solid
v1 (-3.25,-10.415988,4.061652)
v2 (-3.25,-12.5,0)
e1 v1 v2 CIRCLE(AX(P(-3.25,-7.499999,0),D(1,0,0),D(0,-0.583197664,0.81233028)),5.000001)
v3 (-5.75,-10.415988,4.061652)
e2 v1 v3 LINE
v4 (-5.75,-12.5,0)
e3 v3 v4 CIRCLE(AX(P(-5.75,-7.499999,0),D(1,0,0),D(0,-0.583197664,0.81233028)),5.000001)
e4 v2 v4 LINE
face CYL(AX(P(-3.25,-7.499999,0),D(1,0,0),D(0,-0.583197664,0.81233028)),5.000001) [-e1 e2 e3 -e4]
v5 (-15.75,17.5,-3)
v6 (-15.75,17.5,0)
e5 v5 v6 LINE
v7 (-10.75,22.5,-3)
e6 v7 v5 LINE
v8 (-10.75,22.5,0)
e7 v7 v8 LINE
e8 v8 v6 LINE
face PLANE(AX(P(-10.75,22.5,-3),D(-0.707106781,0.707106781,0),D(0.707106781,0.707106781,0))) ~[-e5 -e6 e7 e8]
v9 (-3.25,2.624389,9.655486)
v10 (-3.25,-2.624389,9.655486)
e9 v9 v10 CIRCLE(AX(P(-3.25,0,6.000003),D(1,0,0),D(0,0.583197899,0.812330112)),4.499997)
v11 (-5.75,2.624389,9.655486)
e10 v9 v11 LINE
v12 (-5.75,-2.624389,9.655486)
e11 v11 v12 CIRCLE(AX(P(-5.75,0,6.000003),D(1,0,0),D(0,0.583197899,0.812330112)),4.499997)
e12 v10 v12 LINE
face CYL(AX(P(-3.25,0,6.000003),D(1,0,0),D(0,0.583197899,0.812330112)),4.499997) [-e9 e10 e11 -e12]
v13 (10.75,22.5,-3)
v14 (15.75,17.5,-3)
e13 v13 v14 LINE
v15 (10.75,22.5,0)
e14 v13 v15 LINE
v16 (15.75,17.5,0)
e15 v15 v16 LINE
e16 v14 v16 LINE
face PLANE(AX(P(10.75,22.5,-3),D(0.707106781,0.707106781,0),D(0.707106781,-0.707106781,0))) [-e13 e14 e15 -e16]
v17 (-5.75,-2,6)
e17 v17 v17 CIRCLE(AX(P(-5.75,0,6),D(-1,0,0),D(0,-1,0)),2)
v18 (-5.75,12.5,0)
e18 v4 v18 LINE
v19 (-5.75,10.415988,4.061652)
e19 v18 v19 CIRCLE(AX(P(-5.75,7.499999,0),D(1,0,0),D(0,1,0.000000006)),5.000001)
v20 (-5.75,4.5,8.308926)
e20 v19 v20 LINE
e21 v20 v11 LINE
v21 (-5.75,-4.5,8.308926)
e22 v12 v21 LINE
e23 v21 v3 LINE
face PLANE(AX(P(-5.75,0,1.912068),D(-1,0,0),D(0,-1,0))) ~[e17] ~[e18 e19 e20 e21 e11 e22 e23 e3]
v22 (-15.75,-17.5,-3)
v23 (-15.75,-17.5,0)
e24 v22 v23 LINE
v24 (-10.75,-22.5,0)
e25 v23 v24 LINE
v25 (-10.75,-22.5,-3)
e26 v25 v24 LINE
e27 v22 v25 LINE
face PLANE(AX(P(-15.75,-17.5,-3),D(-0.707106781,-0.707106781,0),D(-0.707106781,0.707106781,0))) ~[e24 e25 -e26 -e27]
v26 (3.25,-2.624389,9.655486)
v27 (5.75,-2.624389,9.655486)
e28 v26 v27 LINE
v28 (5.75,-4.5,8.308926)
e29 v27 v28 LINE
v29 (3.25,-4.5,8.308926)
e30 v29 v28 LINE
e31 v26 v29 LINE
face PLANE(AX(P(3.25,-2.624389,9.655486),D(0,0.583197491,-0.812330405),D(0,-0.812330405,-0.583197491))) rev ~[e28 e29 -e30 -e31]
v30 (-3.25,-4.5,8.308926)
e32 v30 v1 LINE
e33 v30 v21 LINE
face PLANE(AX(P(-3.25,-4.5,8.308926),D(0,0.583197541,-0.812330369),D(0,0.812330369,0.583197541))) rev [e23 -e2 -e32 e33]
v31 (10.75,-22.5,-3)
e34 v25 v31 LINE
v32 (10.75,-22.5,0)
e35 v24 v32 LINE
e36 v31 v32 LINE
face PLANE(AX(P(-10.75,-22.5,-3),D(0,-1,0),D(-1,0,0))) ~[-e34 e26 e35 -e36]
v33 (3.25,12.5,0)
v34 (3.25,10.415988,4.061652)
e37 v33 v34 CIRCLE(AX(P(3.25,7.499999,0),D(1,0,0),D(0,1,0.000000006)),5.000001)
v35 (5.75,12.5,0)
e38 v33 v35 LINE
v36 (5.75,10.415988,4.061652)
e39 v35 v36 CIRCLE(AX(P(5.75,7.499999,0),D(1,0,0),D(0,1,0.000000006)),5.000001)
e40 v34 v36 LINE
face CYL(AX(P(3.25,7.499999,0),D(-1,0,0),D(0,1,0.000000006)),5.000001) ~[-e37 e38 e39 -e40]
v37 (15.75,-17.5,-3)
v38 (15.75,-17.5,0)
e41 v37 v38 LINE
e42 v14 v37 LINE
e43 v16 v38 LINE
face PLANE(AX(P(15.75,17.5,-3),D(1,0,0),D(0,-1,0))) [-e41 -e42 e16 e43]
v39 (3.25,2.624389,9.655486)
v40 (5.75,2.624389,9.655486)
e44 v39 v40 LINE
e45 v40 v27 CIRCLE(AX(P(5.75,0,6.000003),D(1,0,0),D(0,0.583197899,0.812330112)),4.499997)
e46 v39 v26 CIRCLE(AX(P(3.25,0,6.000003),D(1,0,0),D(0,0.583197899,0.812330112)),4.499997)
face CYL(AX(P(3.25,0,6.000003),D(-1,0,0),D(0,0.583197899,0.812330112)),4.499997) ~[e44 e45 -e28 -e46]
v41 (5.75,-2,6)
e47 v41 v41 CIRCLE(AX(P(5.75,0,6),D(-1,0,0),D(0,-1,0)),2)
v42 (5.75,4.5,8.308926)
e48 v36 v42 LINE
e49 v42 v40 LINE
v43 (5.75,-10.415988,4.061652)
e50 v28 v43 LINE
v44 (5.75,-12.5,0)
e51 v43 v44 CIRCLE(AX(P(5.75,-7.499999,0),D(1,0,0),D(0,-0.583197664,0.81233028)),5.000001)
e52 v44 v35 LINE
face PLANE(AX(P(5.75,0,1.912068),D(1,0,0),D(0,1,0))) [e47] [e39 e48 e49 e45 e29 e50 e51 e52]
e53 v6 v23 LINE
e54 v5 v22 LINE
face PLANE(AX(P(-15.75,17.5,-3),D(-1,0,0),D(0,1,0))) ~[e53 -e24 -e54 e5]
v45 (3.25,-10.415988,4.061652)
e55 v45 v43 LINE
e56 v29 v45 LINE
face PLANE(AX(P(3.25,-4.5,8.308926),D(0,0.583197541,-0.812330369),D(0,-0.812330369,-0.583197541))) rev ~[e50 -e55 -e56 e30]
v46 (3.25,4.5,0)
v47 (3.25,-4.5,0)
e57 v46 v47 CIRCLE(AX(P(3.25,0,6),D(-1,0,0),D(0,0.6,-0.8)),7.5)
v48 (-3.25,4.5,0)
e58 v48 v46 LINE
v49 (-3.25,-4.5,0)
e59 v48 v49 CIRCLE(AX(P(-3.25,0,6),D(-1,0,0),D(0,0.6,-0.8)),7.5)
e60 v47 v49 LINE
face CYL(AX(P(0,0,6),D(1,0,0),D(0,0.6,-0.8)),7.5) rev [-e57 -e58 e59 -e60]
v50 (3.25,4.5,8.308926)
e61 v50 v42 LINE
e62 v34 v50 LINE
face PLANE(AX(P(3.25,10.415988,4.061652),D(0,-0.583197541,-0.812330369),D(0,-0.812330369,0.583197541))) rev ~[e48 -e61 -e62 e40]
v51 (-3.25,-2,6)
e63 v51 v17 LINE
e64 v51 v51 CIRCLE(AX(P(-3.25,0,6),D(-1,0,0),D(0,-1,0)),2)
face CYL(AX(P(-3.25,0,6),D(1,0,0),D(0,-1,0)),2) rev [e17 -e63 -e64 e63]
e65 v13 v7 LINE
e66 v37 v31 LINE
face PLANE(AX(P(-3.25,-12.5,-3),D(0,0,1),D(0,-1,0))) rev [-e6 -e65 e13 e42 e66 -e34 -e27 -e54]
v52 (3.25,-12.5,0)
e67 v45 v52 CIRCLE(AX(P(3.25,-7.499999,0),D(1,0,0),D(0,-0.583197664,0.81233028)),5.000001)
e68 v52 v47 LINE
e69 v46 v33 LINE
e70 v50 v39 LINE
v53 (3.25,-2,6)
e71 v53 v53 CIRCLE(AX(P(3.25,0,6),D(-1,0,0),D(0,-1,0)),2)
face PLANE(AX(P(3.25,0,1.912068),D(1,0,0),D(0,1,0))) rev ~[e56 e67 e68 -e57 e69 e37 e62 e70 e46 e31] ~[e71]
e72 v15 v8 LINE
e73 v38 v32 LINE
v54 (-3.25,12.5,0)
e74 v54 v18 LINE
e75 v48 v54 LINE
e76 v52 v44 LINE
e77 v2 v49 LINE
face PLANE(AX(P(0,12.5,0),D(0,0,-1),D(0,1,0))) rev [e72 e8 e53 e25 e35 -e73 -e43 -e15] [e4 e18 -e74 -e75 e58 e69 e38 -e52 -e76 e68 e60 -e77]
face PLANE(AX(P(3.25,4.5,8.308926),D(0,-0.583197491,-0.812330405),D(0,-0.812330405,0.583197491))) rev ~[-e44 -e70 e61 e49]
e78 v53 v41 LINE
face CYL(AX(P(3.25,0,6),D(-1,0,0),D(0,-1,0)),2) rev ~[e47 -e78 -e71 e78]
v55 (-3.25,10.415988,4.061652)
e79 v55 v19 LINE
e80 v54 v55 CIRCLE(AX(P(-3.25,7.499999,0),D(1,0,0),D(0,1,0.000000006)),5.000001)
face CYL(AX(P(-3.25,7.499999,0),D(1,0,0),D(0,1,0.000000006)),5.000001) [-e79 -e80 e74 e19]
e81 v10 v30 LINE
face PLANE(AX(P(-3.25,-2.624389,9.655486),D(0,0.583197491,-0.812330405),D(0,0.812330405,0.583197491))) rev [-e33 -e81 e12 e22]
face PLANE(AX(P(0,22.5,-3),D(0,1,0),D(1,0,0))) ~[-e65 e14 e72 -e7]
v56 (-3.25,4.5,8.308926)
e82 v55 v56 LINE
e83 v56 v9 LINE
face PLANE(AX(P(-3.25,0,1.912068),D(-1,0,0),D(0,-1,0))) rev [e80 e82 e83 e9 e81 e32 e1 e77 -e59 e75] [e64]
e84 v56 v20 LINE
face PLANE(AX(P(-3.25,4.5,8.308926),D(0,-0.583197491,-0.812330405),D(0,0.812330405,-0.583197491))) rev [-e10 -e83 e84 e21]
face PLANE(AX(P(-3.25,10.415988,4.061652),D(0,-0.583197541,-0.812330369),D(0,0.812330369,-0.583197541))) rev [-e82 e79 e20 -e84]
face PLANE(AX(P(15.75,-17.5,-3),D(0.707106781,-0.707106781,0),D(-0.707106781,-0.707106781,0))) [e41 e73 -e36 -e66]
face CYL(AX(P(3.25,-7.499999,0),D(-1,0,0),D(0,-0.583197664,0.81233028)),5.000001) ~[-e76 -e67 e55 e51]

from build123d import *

# Parameters (mm, degrees)
F1_DEPTH = 3.25
F3_DEPTH = 2.5
F5_DEPTH = 3


with BuildPart() as f1:
    # F0 (on Right) → F1 (new body)
    with BuildSketch(Plane.YZ):
        with BuildLine():
            Line((-12.5, 0), (-12.5, -3))
            Line((-12.5, -3), (12.5, -3))
            Line((12.5, -3), (12.5, 0))
            Line((12.5, 0), (4.5, 0))
            ThreePointArc((4.5, 0), (0, -1.5), (-4.5, 0))
            Line((-4.5, 0), (-12.5, 0))
        make_face()
    extrude(amount=F1_DEPTH)

    # F2 (on face) → F3 (join)
    with BuildSketch(Plane.YZ.offset(3.25)):
        with BuildLine():
            Line((-2.624389, 9.655486), (-4.5, 8.308926))
            Line((-4.5, 8.308926), (-10.415988, 4.061652))
            ThreePointArc((-10.415988, 4.061652), (-11.948592, 2.282549), (-12.5, 0))
            Line((-12.5, 0), (-12.5, -3))
            Line((-12.5, -3), (12.5, -3))
            Line((12.5, -3), (12.5, 0))
            ThreePointArc((12.5, 0), (11.948592, 2.282549), (10.415988, 4.061652))
            Line((10.415988, 4.061652), (4.5, 8.308926))
            Line((4.5, 8.308926), (2.624389, 9.655486))
            ThreePointArc((2.624389, 9.655486), (0, 10.5), (-2.624389, 9.655486))
        make_face()
        with BuildLine():
            ThreePointArc((2, 6), (0, 4), (-2, 6))
            ThreePointArc((-2, 6), (0, 8), (2, 6))
        make_face(mode=Mode.SUBTRACT)
    extrude(amount=F3_DEPTH)

    # F4 (on face) → F5 (join, through all)
    with BuildSketch(Plane(origin=(0, 0, -3), x_dir=(1, 0, 0), z_dir=(0, 0, -1))):
        Polygon((4.75, -11.5), (0, -11.5), (0, -22.5), (10.75, -22.5), (15.75, -17.5), (15.75, 17.5), (10.75, 22.5), (0, 22.5), (0, 11.5), (4.75, 11.5), align=None)
    extrude(amount=-F5_DEPTH)

    # F6: F1 across plane


with BuildPart() as f1_1:
    add(f1.part)
    add(f1.part.mirror(Plane.YZ))


solid = f1_1.part
